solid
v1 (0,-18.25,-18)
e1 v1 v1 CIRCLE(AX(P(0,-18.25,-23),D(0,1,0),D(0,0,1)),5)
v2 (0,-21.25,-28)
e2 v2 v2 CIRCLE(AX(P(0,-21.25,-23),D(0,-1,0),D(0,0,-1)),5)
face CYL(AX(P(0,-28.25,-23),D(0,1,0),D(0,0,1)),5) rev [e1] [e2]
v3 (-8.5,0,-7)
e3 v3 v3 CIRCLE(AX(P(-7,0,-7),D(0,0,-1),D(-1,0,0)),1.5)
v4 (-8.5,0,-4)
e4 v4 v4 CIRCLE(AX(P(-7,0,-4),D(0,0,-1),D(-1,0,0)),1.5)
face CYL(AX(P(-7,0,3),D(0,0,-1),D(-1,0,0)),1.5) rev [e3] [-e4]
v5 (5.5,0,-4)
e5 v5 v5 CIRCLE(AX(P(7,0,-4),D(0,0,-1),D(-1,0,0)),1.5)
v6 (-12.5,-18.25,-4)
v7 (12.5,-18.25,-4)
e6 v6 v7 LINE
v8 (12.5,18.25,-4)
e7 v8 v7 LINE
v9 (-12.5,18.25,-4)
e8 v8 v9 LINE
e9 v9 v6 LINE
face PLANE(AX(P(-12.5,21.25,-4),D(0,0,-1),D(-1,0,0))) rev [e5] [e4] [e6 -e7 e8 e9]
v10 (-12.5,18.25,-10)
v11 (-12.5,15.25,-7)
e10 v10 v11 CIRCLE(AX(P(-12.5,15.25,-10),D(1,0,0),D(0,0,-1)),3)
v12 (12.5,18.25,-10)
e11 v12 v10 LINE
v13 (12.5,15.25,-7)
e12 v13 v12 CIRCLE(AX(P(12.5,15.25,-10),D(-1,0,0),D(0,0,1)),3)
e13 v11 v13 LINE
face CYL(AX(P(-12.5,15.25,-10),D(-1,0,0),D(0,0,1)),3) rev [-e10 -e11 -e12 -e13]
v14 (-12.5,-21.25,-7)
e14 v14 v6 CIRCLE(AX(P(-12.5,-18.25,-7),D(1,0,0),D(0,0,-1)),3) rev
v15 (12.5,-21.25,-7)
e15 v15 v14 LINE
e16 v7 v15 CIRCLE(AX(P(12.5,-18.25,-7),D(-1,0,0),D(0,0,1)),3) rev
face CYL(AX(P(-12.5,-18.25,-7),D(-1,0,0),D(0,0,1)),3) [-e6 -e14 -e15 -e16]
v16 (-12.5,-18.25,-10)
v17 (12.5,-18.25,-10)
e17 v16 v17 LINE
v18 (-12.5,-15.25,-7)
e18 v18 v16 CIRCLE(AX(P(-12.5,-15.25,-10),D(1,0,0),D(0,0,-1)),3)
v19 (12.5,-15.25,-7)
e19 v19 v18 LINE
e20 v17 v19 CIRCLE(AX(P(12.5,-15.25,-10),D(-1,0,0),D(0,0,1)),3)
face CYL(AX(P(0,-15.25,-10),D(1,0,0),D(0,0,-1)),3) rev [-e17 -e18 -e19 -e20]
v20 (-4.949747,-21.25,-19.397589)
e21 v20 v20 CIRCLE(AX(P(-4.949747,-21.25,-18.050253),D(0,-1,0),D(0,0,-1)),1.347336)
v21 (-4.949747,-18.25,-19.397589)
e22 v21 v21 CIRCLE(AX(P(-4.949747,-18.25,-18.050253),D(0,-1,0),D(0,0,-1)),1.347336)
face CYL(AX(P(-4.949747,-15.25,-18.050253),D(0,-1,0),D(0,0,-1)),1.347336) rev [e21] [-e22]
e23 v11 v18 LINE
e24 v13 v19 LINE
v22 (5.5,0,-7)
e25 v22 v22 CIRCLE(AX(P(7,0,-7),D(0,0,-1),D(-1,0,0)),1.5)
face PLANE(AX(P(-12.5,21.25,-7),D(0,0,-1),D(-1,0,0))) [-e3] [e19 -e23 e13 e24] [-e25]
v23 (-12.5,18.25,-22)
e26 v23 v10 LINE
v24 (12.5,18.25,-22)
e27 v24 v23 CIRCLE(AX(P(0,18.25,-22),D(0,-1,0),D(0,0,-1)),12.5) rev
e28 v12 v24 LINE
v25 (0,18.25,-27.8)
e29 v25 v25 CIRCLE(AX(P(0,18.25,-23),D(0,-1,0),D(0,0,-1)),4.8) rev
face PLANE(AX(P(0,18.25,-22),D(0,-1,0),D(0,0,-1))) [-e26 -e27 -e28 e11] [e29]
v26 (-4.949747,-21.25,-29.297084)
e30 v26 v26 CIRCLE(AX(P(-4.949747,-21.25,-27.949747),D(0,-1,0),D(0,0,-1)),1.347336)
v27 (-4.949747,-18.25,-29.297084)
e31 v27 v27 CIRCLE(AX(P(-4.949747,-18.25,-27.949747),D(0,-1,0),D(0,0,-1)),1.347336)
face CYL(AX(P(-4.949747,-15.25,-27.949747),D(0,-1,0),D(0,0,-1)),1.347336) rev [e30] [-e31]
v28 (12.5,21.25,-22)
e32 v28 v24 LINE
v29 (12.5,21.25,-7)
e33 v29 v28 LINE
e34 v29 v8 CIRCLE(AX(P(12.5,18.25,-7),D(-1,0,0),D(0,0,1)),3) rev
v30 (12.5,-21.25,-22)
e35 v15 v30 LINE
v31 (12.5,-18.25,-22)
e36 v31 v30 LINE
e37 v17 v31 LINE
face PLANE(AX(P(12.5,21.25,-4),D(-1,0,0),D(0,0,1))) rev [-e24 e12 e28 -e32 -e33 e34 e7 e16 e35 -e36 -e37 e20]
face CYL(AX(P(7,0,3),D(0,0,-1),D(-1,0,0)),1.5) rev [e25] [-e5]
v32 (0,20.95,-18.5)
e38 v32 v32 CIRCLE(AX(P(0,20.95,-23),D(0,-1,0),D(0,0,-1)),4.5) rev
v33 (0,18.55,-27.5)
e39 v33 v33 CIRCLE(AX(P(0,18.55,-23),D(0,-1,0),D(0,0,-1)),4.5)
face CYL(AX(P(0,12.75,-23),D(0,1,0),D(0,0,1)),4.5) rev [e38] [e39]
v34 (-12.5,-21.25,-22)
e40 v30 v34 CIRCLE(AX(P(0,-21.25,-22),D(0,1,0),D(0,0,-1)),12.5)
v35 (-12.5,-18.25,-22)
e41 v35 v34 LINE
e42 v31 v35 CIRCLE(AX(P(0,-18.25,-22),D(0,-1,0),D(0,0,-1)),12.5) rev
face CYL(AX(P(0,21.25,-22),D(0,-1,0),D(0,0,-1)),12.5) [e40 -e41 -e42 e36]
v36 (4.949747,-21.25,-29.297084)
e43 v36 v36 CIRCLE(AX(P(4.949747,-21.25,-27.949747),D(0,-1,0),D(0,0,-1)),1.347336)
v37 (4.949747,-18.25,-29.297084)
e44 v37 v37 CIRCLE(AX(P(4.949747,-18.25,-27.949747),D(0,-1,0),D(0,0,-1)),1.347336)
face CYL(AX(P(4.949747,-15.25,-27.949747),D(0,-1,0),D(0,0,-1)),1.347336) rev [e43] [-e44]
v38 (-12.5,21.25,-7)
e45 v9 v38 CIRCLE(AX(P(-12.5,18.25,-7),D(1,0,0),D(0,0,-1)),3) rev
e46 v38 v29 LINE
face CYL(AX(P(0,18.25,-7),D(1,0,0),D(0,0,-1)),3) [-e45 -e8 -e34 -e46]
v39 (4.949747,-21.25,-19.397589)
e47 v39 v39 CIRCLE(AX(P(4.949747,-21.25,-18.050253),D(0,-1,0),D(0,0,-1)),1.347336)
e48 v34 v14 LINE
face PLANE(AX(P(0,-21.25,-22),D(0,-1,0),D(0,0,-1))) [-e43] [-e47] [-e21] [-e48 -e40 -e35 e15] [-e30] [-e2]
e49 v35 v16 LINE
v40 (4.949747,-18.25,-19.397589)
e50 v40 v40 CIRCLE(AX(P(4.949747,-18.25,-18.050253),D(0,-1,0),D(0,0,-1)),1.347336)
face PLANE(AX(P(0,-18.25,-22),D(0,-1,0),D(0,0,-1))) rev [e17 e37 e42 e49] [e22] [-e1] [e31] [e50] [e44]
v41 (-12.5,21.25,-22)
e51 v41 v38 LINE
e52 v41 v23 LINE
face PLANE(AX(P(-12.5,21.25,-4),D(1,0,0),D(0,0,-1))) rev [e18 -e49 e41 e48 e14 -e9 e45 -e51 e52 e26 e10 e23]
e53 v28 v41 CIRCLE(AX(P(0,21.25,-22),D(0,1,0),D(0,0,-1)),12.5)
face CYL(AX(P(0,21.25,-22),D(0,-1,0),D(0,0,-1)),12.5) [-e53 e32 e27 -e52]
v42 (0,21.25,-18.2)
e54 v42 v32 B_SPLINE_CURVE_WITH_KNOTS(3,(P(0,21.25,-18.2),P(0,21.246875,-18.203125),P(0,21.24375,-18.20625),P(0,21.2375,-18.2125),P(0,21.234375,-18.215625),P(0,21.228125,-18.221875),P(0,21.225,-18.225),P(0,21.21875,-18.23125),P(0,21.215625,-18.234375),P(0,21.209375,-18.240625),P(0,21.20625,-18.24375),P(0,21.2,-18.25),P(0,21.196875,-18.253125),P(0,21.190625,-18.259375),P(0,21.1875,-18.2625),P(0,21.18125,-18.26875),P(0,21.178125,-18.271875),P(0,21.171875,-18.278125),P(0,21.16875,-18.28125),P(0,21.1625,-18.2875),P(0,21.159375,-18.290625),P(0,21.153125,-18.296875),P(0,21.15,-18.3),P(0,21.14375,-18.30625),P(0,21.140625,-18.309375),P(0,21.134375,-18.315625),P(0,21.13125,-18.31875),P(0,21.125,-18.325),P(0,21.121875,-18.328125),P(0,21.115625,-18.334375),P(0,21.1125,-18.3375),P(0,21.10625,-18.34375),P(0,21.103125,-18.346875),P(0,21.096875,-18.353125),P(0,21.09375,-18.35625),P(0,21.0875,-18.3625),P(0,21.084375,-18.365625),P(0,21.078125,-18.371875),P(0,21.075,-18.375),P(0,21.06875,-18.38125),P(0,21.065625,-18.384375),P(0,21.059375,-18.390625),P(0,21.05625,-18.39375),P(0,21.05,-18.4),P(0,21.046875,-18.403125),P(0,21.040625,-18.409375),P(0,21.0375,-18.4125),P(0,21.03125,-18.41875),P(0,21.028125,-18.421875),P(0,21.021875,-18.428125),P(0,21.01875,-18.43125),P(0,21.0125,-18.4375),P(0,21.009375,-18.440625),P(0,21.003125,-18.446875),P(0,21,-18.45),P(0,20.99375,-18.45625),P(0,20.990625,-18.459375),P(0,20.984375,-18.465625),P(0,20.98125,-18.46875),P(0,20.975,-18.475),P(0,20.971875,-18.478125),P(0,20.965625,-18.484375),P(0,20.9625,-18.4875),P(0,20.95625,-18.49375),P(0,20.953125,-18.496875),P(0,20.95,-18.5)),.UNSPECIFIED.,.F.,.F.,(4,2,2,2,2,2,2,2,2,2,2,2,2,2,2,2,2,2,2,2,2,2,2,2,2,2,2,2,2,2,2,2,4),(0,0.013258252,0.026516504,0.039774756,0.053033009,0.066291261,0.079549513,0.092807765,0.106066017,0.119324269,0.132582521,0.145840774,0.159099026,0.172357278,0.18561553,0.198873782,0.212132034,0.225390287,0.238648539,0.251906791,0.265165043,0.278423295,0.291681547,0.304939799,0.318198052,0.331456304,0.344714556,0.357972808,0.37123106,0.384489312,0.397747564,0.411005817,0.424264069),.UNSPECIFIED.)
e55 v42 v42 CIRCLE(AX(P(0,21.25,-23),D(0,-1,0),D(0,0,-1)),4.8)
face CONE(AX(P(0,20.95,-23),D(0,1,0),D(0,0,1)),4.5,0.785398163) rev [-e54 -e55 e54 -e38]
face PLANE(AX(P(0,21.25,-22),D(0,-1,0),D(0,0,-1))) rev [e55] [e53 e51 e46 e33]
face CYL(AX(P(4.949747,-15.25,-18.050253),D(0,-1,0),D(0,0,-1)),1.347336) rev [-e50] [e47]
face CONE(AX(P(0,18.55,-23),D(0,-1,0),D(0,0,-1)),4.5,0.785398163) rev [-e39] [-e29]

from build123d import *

# Parameters (mm, degrees)
BOSS_EXTRUDE3_DEPTH = 21.25
SHELL1_T            = -3
SKETCH6_R           = 4.5
CUT_EXTRUDE4_DEPTH  = 8.5
SKETCH8_R           = 1.347336496
CUT_EXTRUDE5_DEPTH  = 6
SKETCH9_R           = 1.5
CUT_EXTRUDE6_DEPTH  = 10
FILLET1_R           = 3
SKETCH11_R          = 5
CUT_EXTRUDE7_DEPTH  = 10
CHAMFER1_SIZE       = 0.3


with BuildPart() as part:
    # Sketch3 → Boss-Extrude3 (new, symmetric)
    with BuildSketch(Plane(origin=(0, 0, 0), x_dir=(1, 0, 0), z_dir=(0, 1, 0))):
        with BuildLine():
            Line((-12.5, 4), (12.5, 4))
            Line((12.5, 4), (12.5, 22))
            ThreePointArc((12.5, 22), (0, 34.5), (-12.5, 22))
            Line((-12.5, 22), (-12.5, 4))
        make_face()
    extrude(amount=BOSS_EXTRUDE3_DEPTH, both=True)

    # Shell1
    shell1_openings = [part.faces().sort_by_distance(p)[0] for p in [
        (0, 0, -34.5),
        (12.5, 0, -13),
        (-12.5, 0, -13),
    ]]
    offset(amount=SHELL1_T, openings=shell1_openings, kind=Kind.INTERSECTION)

    # Sketch6 → Cut-Extrude4 (cut)
    with BuildSketch(Plane(origin=(0, 21.25, 0), x_dir=(1, 0, 0), z_dir=(0, 1, 0))):
        with Locations(Location((0, 23, 0), (0, 0, 270))):
            Circle(SKETCH6_R)
    extrude(amount=-CUT_EXTRUDE4_DEPTH, mode=Mode.SUBTRACT)

    # Sketch8 → Cut-Extrude5 (cut)
    with BuildSketch(Plane(origin=(0, -21.25, 0), x_dir=(-1, 0, 0), z_dir=(0, -1, 0))):
        with Locations(Location((4.949747468, 18.050252532, 0), (0, 0, 90))):
            Circle(SKETCH8_R)
        with Locations(Location((-4.949747468, 18.050252532, 0), (0, 0, 90))):
            Circle(SKETCH8_R)
        with Locations(Location((-4.949747468, 27.949747468, 0), (0, 0, 90))):
            Circle(SKETCH8_R)
        with Locations(Location((4.949747468, 27.949747468, 0), (0, 0, 90))):
            Circle(SKETCH8_R)
    extrude(amount=-CUT_EXTRUDE5_DEPTH, mode=Mode.SUBTRACT)

    # Sketch9 → Cut-Extrude6 (cut)
    with BuildSketch(Plane(origin=(0, 0, -7), x_dir=(-1, 0, 0), z_dir=(0, 0, -1))):
        with Locations((-7, 0)):
            Circle(SKETCH9_R)
        with Locations((7, 0)):
            Circle(SKETCH9_R)
    extrude(amount=-CUT_EXTRUDE6_DEPTH, mode=Mode.SUBTRACT)

    # Fillet1
    fillet1_edges = [part.edges().sort_by_distance(p)[0] for p in [
        (0, -18.25, -7),
        (0, 18.25, -7),
        (0, -21.25, -4),
        (0, 21.25, -4),
    ]]
    fillet(fillet1_edges, radius=FILLET1_R)

    # Sketch11 → Cut-Extrude7 (cut)
    with BuildSketch(Plane(origin=(0, -18.25, 0), x_dir=(1, 0, 0), z_dir=(0, 1, 0))):
        with Locations(Location((0, 23, 0), (0, 0, 270))):
            Circle(SKETCH11_R)
    extrude(amount=-CUT_EXTRUDE7_DEPTH, mode=Mode.SUBTRACT)

    # Chamfer1
    chamfer1_edges = [part.edges().sort_by_distance(p)[0] for p in [
        (0, 18.25, -27.5),
        (0, 21.25, -27.5),
    ]]
    chamfer(chamfer1_edges, length=CHAMFER1_SIZE)


solid = part.part
